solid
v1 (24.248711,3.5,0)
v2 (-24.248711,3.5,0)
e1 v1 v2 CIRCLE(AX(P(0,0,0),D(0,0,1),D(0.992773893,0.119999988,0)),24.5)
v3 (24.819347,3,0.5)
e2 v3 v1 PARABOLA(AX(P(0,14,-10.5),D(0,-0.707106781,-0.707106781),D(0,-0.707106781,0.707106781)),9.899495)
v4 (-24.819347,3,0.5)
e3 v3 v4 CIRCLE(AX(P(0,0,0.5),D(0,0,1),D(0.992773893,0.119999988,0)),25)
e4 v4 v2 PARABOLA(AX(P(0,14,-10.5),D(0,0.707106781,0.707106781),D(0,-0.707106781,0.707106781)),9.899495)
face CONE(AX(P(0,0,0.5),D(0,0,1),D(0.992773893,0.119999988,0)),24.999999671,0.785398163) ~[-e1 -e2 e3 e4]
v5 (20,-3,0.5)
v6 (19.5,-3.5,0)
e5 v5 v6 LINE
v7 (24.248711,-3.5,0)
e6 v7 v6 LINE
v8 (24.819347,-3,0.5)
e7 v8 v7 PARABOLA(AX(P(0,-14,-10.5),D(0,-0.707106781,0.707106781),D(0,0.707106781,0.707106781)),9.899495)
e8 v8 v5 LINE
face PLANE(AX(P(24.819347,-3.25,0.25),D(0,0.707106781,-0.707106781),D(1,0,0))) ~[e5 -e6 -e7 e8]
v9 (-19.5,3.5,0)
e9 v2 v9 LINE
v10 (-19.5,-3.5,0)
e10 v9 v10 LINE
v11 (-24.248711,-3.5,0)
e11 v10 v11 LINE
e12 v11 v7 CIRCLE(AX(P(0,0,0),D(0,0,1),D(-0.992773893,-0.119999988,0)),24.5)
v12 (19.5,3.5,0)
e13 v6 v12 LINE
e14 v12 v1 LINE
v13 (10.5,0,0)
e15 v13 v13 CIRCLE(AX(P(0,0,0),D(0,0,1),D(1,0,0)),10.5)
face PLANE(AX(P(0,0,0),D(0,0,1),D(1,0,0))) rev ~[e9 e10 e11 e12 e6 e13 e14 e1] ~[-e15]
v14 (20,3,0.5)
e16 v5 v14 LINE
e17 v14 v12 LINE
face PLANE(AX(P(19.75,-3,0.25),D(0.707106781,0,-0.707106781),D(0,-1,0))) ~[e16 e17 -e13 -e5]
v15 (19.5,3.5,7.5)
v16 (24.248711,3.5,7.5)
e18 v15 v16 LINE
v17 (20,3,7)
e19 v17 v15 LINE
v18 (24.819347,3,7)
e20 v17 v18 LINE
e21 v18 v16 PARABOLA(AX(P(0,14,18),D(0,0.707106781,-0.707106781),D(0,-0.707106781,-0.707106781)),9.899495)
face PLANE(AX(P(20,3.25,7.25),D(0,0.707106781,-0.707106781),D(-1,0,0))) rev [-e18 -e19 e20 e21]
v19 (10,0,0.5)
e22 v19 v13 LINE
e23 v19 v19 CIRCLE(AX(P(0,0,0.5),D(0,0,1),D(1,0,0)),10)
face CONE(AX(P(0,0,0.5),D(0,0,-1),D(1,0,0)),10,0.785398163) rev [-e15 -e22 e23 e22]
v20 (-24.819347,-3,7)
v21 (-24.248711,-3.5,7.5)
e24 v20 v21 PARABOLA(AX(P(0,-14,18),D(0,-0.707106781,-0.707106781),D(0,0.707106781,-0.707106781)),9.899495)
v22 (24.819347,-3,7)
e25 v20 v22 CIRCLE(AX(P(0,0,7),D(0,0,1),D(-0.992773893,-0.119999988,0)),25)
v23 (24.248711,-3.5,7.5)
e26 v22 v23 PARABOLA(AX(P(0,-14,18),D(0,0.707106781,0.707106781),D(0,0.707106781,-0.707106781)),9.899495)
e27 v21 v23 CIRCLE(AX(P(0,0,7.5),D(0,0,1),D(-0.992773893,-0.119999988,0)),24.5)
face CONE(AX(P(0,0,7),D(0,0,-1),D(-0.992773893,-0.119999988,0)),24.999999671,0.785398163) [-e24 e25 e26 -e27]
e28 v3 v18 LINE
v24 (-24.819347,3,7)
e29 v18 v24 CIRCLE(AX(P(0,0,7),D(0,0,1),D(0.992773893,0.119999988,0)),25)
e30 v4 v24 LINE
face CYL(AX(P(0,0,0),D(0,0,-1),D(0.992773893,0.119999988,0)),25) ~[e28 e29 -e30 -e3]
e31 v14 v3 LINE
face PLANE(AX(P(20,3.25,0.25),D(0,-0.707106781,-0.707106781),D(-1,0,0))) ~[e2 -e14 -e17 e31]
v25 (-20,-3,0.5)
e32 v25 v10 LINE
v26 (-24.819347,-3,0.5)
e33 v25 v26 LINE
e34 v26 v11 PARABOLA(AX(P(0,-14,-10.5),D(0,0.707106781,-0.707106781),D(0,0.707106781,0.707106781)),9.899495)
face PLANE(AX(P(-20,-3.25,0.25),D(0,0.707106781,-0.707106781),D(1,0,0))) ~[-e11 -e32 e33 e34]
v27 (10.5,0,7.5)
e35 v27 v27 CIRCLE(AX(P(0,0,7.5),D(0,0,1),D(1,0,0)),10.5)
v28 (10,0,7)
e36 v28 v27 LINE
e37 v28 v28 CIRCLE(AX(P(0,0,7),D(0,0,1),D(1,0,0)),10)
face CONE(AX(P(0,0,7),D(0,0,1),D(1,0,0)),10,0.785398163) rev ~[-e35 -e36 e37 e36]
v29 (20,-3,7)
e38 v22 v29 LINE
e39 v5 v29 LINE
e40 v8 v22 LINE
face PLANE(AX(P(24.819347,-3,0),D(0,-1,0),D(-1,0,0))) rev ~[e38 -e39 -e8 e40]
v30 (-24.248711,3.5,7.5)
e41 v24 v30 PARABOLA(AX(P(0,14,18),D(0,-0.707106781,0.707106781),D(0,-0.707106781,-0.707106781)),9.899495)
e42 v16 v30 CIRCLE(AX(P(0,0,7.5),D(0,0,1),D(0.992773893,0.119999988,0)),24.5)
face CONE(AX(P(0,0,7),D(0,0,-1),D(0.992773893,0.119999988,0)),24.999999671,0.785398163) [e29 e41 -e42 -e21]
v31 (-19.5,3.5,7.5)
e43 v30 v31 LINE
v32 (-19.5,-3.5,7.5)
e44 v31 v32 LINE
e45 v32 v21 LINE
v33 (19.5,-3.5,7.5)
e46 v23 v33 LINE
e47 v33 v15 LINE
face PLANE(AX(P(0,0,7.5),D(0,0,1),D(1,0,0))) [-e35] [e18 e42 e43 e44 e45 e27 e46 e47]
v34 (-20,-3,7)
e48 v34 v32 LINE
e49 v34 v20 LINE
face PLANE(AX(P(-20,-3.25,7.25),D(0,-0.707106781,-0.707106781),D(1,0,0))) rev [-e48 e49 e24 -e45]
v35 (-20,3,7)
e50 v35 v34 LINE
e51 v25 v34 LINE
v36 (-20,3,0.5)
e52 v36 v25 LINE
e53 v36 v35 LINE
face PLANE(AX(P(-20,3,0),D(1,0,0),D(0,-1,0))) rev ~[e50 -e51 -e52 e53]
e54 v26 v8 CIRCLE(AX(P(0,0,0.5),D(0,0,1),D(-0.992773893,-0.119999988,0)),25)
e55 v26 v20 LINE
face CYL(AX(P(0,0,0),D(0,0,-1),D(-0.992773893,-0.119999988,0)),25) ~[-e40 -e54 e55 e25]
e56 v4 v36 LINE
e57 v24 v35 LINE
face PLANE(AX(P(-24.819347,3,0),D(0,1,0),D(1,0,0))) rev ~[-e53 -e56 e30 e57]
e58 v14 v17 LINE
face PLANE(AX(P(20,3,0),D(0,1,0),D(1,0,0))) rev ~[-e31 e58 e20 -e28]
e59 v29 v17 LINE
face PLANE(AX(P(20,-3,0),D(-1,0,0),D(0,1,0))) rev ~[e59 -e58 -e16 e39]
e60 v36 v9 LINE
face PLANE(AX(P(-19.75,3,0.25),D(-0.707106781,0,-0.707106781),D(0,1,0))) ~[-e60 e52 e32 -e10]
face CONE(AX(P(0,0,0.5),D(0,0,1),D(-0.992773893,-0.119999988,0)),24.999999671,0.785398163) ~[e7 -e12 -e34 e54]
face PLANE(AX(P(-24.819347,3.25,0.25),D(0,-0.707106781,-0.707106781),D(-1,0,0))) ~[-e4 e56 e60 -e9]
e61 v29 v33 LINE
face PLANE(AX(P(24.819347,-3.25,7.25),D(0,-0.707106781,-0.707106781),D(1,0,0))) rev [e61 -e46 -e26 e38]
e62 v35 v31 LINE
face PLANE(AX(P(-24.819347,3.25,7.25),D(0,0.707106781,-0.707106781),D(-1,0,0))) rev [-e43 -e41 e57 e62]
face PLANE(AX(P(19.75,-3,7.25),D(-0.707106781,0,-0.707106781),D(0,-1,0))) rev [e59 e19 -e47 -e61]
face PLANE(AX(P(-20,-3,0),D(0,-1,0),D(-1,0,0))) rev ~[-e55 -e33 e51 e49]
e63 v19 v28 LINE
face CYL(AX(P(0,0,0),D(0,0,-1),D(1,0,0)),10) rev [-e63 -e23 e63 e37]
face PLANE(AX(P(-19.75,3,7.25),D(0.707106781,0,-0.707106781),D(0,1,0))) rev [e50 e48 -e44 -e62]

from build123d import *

# Parameters (mm, degrees)
F0_R     = 10
F1_DEPTH = 7.5
F2_SIZE  = 0.5


with BuildPart() as f1:
    # F0 (on Top) → F1 (new body)
    with BuildSketch(Plane.XY):
        with BuildLine():
            Line((20, 3), (24.819347, 3))
            ThreePointArc((24.819347, 3), (0, 25), (-24.819347, 3))
            Line((-24.819347, 3), (-20, 3))
            Line((-20, 3), (-20, -3))
            Line((-20, -3), (-24.819347, -3))
            ThreePointArc((-24.819347, -3), (0, -25), (24.819347, -3))
            Line((24.819347, -3), (20, -3))
            Line((20, -3), (20, 3))
        make_face()
        Circle(F0_R, mode=Mode.SUBTRACT)
    extrude(amount=F1_DEPTH)

    # F2
    f2_edges = [f1.edges().sort_by_distance(p)[0] for p in [
        (22.409674, 3, 7.5),
        (0, 25, 7.5),
        (-22.409674, 3, 7.5),
        (-20, 0, 7.5),
        (-22.409674, -3, 7.5),
        (0, -25, 7.5),
        (22.409674, -3, 7.5),
        (20, 0, 7.5),
        (-10, 0, 7.5),
        (22.409674, 3, 0),
        (0, 25, 0),
        (-22.409674, 3, 0),
        (-20, 0, 0),
        (-22.409674, -3, 0),
        (0, -25, 0),
        (22.409674, -3, 0),
        (20, 0, 0),
        (-10, 0, 0),
    ]]
    chamfer(f2_edges, length=F2_SIZE)


solid = f1.part
